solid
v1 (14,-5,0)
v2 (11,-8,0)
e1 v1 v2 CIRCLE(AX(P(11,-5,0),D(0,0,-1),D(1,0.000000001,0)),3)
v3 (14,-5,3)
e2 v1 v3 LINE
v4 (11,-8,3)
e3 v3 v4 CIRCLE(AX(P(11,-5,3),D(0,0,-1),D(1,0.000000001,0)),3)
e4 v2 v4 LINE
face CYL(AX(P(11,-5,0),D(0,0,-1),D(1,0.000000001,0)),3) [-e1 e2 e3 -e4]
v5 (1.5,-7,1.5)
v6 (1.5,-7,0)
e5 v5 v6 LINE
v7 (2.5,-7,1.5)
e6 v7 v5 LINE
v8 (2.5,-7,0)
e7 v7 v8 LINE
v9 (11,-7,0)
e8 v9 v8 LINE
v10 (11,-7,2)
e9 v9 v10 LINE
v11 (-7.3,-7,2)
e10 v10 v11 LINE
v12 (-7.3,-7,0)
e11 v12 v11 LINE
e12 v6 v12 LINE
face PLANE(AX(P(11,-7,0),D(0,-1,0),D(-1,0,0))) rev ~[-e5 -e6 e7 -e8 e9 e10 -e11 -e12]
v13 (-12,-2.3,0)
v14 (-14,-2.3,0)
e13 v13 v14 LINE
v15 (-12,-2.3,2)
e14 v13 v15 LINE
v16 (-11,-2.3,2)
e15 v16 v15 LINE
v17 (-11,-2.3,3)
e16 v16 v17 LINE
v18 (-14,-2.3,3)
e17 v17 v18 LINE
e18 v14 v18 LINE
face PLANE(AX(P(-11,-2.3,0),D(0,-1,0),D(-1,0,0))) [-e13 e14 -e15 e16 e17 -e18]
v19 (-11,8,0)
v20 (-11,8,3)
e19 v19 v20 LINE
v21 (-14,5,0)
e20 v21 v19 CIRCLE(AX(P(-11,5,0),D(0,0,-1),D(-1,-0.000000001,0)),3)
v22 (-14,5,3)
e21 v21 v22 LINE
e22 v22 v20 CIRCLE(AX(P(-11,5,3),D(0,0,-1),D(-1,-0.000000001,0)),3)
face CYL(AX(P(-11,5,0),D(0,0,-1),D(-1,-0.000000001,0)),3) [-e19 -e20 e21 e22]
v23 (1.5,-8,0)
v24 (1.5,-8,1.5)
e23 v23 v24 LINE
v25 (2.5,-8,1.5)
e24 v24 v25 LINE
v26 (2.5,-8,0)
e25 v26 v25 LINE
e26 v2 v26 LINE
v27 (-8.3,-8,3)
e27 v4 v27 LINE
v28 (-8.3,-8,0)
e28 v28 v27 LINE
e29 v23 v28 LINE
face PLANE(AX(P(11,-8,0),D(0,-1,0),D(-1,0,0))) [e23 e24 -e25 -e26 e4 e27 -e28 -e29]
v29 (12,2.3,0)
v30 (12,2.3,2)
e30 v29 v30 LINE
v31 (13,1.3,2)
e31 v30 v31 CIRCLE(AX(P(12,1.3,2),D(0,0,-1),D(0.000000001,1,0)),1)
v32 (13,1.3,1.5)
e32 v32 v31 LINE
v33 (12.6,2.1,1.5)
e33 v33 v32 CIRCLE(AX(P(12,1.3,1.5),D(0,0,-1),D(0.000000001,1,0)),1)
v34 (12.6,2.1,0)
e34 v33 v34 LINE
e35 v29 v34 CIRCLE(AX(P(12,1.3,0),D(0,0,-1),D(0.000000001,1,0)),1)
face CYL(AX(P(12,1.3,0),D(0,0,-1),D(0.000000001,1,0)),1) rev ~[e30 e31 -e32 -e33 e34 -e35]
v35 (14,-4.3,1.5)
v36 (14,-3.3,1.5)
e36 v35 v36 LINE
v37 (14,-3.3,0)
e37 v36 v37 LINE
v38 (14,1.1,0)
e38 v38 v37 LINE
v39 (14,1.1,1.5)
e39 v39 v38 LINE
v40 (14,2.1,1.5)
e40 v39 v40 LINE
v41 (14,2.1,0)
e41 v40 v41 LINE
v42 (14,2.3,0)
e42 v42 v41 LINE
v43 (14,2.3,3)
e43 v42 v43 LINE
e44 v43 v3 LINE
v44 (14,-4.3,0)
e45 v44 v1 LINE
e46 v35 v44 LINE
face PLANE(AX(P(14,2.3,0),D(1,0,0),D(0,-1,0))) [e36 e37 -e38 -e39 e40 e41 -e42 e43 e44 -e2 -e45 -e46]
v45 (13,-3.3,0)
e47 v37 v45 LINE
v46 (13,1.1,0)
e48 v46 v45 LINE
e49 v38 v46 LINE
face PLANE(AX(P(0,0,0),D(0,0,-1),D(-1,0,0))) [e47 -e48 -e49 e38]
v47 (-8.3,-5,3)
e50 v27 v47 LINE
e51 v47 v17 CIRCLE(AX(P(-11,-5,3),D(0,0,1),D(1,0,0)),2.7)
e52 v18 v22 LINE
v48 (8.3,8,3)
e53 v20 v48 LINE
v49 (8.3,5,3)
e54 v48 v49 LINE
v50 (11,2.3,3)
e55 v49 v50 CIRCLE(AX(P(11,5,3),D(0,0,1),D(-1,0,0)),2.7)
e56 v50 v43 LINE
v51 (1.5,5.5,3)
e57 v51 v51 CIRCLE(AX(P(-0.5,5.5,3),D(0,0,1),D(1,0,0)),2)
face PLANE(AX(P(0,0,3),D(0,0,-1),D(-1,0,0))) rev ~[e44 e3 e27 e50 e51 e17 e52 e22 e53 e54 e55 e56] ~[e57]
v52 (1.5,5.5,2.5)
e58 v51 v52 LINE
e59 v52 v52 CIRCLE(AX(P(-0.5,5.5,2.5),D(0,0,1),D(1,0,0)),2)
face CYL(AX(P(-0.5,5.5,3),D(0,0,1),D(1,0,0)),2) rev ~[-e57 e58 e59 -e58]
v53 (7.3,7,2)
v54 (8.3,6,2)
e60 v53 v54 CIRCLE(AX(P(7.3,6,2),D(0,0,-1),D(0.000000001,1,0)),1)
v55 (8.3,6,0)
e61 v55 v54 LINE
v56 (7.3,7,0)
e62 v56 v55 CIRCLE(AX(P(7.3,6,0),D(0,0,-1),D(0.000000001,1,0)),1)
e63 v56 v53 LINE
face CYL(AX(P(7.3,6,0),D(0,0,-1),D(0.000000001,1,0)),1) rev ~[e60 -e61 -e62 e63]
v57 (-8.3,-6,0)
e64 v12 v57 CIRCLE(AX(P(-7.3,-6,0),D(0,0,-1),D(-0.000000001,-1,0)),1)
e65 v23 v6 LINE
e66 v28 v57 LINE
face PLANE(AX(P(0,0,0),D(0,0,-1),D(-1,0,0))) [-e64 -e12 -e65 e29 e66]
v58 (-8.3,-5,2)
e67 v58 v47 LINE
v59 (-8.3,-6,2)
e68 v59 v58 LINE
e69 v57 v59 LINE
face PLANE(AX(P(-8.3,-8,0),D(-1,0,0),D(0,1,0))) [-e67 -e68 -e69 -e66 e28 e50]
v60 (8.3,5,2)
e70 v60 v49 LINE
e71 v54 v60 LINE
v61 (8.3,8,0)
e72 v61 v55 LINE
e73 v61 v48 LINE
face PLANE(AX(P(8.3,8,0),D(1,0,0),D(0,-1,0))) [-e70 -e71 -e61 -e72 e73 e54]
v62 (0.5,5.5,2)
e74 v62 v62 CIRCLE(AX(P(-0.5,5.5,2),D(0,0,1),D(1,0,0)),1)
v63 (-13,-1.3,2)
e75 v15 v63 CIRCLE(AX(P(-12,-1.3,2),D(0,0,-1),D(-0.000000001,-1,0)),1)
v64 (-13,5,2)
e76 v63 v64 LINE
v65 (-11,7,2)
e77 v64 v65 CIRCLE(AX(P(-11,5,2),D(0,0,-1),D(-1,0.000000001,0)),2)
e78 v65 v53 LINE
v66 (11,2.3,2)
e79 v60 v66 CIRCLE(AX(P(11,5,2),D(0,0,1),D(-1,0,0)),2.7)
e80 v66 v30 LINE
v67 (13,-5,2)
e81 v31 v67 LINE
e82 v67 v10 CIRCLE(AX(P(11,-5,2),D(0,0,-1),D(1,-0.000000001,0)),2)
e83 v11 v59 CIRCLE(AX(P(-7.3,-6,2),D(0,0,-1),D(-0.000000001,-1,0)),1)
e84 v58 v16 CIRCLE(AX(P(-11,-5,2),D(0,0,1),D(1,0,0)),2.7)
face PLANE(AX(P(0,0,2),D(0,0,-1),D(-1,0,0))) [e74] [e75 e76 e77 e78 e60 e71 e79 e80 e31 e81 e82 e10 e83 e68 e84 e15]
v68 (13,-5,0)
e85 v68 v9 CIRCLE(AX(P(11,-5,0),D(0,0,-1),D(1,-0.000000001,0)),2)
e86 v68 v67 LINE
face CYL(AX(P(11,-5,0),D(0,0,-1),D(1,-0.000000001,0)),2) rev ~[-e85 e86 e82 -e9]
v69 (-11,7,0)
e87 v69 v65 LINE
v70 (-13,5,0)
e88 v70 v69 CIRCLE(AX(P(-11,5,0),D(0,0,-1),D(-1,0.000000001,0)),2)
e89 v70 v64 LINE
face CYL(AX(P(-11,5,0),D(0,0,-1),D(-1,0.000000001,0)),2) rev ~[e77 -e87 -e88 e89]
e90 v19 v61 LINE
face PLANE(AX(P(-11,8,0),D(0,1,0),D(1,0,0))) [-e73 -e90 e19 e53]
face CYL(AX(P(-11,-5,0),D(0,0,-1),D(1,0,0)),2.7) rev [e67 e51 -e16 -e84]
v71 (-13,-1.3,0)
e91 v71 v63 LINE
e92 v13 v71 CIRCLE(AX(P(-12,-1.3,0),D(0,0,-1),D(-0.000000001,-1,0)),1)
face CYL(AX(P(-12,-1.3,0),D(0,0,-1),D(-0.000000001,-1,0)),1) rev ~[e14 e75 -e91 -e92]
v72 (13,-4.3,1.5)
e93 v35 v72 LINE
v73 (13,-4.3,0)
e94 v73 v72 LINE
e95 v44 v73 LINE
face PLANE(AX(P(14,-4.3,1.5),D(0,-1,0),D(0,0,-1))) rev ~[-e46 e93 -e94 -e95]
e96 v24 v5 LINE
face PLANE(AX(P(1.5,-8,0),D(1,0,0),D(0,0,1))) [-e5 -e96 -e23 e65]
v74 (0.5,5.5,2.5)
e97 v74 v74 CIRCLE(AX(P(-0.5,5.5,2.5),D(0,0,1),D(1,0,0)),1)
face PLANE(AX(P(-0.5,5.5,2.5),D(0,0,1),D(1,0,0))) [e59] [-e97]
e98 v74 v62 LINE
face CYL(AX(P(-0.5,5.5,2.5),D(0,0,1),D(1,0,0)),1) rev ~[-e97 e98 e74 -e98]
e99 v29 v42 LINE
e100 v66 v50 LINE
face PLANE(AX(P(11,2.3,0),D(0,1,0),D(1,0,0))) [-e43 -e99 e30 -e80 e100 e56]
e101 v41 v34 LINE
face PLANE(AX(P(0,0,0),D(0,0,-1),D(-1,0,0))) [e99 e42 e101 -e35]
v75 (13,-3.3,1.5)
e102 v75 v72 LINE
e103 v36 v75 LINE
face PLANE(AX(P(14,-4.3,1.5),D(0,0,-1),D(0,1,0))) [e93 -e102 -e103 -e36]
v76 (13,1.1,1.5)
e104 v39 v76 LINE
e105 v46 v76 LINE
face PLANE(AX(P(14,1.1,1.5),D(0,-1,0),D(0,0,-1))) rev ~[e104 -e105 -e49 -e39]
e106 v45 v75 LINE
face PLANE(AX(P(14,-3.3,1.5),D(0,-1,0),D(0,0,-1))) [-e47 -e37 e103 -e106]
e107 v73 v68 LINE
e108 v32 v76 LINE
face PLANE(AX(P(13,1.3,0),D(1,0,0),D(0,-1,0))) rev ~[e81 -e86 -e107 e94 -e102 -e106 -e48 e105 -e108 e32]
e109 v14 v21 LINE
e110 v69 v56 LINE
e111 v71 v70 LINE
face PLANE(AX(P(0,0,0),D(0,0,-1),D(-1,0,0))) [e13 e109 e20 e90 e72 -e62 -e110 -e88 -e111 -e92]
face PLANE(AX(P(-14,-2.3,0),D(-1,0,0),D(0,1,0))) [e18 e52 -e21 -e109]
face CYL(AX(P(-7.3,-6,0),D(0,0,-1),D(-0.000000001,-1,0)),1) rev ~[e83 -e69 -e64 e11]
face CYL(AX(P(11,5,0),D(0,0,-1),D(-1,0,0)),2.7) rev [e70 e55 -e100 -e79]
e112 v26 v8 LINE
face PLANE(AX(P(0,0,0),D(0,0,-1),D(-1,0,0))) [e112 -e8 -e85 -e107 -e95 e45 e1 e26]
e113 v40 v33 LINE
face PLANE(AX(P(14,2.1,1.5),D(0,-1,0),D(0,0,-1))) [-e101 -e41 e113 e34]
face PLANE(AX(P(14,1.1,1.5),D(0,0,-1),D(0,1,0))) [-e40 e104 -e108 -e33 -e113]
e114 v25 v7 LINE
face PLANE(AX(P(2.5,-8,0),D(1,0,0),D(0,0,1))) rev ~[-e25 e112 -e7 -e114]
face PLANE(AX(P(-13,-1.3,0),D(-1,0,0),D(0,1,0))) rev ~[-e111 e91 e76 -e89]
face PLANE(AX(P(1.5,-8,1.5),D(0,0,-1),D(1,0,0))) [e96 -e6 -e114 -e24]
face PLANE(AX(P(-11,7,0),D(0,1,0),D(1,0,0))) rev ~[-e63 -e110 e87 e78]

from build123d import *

# Parameters (mm, degrees)
DODANIE_WYCI_GNI_CIE1_DEPTH = 3
WYTNIJ_WYCI_GNI_CIE1_DEPTH  = 2
WYTNIJ_WYCI_GNI_CIE2_REACH  = 30
SZKIC3_W                    = 1.5
SZKIC3_H                    = 1
WYTNIJ_WYCI_GNI_CIE3_REACH  = 18
SZKIC4_W                    = 1
SZKIC4_H                    = 1.5
SZKIC5_R                    = 2
WYTNIJ_WYCI_GNI_CIE4_DEPTH  = 0.5
WYTNIJ_WYCI_GNI_CIE5_REACH  = 4.5
SZKIC6_R                    = 1


with BuildPart() as part:
    # Szkic1 → Dodanie-wyciągnięcie1 (new body)
    with BuildSketch(Plane.XY):
        with BuildLine():
            Line((-11, 8), (8.3, 8))
            Line((8.3, 8), (8.3, 5))
            ThreePointArc((8.3, 5), (9.090811691, 3.090811691), (11, 2.3))
            Line((11, 2.3), (14, 2.3))
            Line((14, 2.3), (14, -5))
            ThreePointArc((14, -5), (13.121320344, -7.121320344), (11, -8))
            Line((11, -8), (-8.3, -8))
            Line((-8.3, -8), (-8.3, -5))
            ThreePointArc((-8.3, -5), (-9.090811691, -3.090811691), (-11, -2.3))
            Line((-11, -2.3), (-14, -2.3))
            Line((-14, -2.3), (-14, 5))
            ThreePointArc((-14, 5), (-13.121320344, 7.121320344), (-11, 8))
        make_face()
    extrude(amount=DODANIE_WYCI_GNI_CIE1_DEPTH)

    # Szkic2 → Wytnij-wyciągnięcie1 (cut)
    with BuildSketch(Plane(origin=(0, 0, 0), x_dir=(-1, 0, 0), z_dir=(0, 0, -1))):
        with BuildLine():
            Line((11, 7), (-7.3, 7))
            ThreePointArc((-7.3, 7), (-8.007106781, 6.707106781), (-8.3, 6))
            Line((-8.3, 6), (-8.3, 5))
            ThreePointArc((-8.3, 5), (-9.090811691, 3.090811691), (-11, 2.3))
            Line((-11, 2.3), (-12, 2.3))
            ThreePointArc((-12, 2.3), (-12.707106781, 2.007106781), (-13, 1.3))
            Line((-13, 1.3), (-13, -5))
            ThreePointArc((-13, -5), (-12.414213562, -6.414213562), (-11, -7))
            Line((-11, -7), (7.3, -7))
            ThreePointArc((7.3, -7), (8.007106781, -6.707106781), (8.3, -6))
            Line((8.3, -6), (8.3, -5))
            ThreePointArc((8.3, -5), (9.090811691, -3.090811691), (11, -2.3))
            Line((11, -2.3), (12, -2.3))
            ThreePointArc((12, -2.3), (12.707106781, -2.007106781), (13, -1.3))
            Line((13, -1.3), (13, 5))
            ThreePointArc((13, 5), (12.414213562, 6.414213562), (11, 7))
        make_face()
    extrude(amount=-WYTNIJ_WYCI_GNI_CIE1_DEPTH, mode=Mode.SUBTRACT)

    # Szkic3 → Wytnij-wyciągnięcie2 (cut, up to next)
    with BuildSketch(Plane(origin=(14, 0, 0), x_dir=(0, 0, -1), z_dir=(1, 0, 0)), mode=Mode.PRIVATE) as wytnij_wyci_gni_cie2_sk1:
        with Locations((-0.75, 1.6)):
            Rectangle(SZKIC3_W, SZKIC3_H)
    wytnij_wyci_gni_cie2_tool1 = extrude(wytnij_wyci_gni_cie2_sk1.sketch, amount=-WYTNIJ_WYCI_GNI_CIE2_REACH, mode=Mode.PRIVATE) & part.part
    add(wytnij_wyci_gni_cie2_tool1.solids().sort_by_distance((14, 1.6, 0.75))[0], mode=Mode.SUBTRACT)
    # Szkic3 → Wytnij-wyciągnięcie2 (cut, up to next)
    with BuildSketch(Plane(origin=(14, 0, 0), x_dir=(0, 0, -1), z_dir=(1, 0, 0)), mode=Mode.PRIVATE) as wytnij_wyci_gni_cie2_sk2:
        with Locations((-0.75, -3.8)):
            Rectangle(SZKIC3_W, SZKIC3_H)
    wytnij_wyci_gni_cie2_tool2 = extrude(wytnij_wyci_gni_cie2_sk2.sketch, amount=-WYTNIJ_WYCI_GNI_CIE2_REACH, mode=Mode.PRIVATE) & part.part
    add(wytnij_wyci_gni_cie2_tool2.solids().sort_by_distance((14, -3.8, 0.75))[0], mode=Mode.SUBTRACT)

    # Szkic4 → Wytnij-wyciągnięcie3 (cut, up to next)
    with BuildSketch(Plane.XZ.offset(8), mode=Mode.PRIVATE) as wytnij_wyci_gni_cie3_sk1:
        with Locations((2, 0.75)):
            Rectangle(SZKIC4_W, SZKIC4_H)
    wytnij_wyci_gni_cie3_tool1 = extrude(wytnij_wyci_gni_cie3_sk1.sketch, amount=-WYTNIJ_WYCI_GNI_CIE3_REACH, mode=Mode.PRIVATE) & part.part
    add(wytnij_wyci_gni_cie3_tool1.solids().sort_by_distance((2, -8, 0.75))[0], mode=Mode.SUBTRACT)

    # Szkic5 → Wytnij-wyciągnięcie4 (cut)
    with BuildSketch(Plane.XY.offset(3)):
        with Locations((-0.5, 5.5)):
            Circle(SZKIC5_R)
    extrude(amount=-WYTNIJ_WYCI_GNI_CIE4_DEPTH, mode=Mode.SUBTRACT)

    # Szkic6 → Wytnij-wyciągnięcie5 (cut, up to next)
    with BuildSketch(Plane.XY.offset(2.5), mode=Mode.PRIVATE) as wytnij_wyci_gni_cie5_sk1:
        with Locations((-0.5, 5.5)):
            Circle(SZKIC6_R)
    wytnij_wyci_gni_cie5_tool1 = extrude(wytnij_wyci_gni_cie5_sk1.sketch, amount=-WYTNIJ_WYCI_GNI_CIE5_REACH, mode=Mode.PRIVATE) & part.part
    add(wytnij_wyci_gni_cie5_tool1.solids().sort_by_distance((-0.5, 5.5, 2.5))[0], mode=Mode.SUBTRACT)


solid = part.part
